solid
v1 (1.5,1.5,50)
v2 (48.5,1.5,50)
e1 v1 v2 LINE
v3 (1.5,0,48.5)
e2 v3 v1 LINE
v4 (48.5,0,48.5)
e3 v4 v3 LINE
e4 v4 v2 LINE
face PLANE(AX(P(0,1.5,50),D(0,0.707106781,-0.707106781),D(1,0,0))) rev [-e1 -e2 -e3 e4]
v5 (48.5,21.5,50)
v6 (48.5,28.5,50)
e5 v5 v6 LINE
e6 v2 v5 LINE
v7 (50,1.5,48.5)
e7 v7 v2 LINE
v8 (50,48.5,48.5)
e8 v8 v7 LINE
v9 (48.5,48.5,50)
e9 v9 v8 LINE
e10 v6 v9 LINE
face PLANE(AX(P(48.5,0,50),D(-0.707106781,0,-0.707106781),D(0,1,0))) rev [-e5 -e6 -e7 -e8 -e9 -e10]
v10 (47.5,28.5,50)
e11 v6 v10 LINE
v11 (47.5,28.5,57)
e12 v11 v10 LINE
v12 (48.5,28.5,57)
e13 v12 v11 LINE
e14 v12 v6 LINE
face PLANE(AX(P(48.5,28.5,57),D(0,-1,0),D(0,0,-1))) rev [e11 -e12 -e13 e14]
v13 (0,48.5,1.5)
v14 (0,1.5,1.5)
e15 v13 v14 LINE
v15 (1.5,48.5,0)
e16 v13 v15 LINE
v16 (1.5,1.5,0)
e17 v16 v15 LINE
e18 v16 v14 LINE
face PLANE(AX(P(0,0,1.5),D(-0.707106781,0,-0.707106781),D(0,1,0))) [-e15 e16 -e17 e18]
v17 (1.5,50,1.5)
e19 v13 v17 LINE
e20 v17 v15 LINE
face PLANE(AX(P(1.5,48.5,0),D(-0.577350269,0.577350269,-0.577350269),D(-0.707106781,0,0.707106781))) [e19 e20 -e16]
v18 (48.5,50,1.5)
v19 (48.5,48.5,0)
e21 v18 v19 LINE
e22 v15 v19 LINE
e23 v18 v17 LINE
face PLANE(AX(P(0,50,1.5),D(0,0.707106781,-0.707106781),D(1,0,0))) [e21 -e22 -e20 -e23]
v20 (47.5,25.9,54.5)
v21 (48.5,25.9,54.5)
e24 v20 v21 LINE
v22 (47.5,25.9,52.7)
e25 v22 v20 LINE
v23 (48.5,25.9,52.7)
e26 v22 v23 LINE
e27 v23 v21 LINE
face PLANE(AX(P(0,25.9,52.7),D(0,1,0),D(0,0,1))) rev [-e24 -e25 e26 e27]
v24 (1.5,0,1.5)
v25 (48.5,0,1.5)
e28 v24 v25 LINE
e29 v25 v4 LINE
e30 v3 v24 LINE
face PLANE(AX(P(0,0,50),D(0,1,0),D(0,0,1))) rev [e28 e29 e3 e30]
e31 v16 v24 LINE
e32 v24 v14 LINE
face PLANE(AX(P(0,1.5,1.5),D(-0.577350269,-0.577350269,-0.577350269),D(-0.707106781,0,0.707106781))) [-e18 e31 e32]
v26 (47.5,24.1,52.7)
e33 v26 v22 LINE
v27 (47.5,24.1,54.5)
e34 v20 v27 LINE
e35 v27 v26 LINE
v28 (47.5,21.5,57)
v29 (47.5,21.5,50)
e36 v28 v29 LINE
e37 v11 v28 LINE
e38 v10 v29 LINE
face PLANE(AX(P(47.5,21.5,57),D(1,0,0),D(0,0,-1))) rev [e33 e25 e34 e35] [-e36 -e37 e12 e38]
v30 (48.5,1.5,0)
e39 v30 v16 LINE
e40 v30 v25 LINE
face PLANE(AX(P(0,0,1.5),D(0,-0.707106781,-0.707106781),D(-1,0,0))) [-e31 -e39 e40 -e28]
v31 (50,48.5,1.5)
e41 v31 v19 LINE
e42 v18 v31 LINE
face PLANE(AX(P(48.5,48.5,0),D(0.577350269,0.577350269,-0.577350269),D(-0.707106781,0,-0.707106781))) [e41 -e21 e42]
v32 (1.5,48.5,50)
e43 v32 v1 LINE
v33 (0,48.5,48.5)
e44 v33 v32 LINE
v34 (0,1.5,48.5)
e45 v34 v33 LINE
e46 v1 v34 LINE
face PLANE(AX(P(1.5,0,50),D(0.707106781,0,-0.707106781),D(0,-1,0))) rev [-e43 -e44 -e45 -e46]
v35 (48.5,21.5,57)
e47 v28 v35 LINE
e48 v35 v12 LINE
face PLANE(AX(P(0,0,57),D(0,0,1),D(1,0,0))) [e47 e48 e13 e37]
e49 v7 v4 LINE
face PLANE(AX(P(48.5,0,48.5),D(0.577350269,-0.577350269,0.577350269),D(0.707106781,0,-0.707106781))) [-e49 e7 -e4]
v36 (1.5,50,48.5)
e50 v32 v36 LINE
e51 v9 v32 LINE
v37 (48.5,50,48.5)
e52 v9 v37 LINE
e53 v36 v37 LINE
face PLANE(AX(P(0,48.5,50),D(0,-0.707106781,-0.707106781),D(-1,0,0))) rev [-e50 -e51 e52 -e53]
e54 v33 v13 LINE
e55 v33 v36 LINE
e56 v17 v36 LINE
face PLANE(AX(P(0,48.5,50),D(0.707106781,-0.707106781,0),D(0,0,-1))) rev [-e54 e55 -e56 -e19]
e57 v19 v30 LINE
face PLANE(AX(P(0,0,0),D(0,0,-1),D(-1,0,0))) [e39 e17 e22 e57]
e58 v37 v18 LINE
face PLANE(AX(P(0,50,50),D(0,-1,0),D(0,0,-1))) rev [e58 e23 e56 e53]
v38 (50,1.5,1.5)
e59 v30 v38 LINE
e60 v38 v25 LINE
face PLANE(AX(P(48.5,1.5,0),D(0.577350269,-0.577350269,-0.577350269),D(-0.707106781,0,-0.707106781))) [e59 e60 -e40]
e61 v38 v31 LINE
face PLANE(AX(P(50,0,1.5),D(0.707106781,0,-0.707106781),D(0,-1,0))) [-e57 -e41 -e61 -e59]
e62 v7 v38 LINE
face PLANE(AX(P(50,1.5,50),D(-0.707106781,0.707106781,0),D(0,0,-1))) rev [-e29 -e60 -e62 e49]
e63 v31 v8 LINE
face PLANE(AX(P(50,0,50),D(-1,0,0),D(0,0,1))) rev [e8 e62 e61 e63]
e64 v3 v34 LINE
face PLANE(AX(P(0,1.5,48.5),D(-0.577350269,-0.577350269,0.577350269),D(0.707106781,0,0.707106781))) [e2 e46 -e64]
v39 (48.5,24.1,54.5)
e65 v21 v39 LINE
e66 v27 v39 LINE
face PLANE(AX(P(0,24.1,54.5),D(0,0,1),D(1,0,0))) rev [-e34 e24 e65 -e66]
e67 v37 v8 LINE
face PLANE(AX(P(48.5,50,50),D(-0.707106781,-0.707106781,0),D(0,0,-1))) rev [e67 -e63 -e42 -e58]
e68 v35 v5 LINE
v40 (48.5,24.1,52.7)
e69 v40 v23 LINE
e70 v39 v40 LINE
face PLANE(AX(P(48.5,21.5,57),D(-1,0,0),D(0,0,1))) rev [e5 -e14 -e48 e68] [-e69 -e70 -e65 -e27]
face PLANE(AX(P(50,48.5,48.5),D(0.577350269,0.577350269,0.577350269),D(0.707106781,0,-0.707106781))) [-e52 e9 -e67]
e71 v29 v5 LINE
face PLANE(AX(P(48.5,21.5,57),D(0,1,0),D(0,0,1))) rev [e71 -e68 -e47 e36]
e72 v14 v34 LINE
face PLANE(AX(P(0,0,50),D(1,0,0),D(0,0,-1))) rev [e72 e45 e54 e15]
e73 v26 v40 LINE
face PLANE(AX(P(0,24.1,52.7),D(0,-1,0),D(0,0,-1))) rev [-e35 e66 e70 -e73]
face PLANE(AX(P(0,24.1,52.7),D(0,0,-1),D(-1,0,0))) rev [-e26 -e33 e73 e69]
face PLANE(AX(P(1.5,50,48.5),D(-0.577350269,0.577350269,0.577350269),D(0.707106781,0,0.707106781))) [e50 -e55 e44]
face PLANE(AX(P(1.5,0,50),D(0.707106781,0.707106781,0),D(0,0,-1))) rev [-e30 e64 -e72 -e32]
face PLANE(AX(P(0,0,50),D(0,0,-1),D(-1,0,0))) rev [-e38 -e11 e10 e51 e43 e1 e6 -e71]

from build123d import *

# Parameters (mm, degrees)
SKETCH1_W           = 50
SKETCH1_H           = 50
BOSS_EXTRUDE1_DEPTH = 50
CHAMFER1_SIZE       = 1.5
SKETCH2_W           = 1
SKETCH2_H           = 7
BOSS_EXTRUDE2_DEPTH = 7
SKETCH3_W           = 1.8
SKETCH3_H           = 1.8
CUT_EXTRUDE1_DEPTH  = 91.006944177


with BuildPart() as part:
    # Sketch1 → Boss-Extrude1 (new body)
    with BuildSketch(Plane.XY):
        with Locations((25, 25)):
            Rectangle(SKETCH1_W, SKETCH1_H)
    extrude(amount=BOSS_EXTRUDE1_DEPTH)

    # Chamfer1
    chamfer1_edges = [part.edges().sort_by_distance(p)[0] for p in [
        (50, 25, 50),
        (25, 50, 50),
        (0, 25, 50),
        (25, 50, 0),
        (50, 25, 0),
        (25, 0, 0),
        (0, 25, 0),
        (25, 0, 50),
        (0, 50, 25),
        (50, 50, 25),
        (50, 0, 25),
        (0, 0, 25),
    ]]
    chamfer(chamfer1_edges, length=CHAMFER1_SIZE)

    # Sketch2 → Boss-Extrude2 (add)
    with BuildSketch(Plane.XY.offset(50)):
        with Locations((48, 25)):
            Rectangle(SKETCH2_W, SKETCH2_H)
    extrude(amount=BOSS_EXTRUDE2_DEPTH)

    # Sketch3 → Cut-Extrude1 (cut, through all)
    with BuildSketch(Plane(origin=(48.5, 0, 0), x_dir=(0, 0, -1), z_dir=(1, 0, 0))):
        with Locations((-53.6, 25)):
            Rectangle(SKETCH3_W, SKETCH3_H)
    extrude(amount=-CUT_EXTRUDE1_DEPTH, mode=Mode.SUBTRACT)


solid = part.part
